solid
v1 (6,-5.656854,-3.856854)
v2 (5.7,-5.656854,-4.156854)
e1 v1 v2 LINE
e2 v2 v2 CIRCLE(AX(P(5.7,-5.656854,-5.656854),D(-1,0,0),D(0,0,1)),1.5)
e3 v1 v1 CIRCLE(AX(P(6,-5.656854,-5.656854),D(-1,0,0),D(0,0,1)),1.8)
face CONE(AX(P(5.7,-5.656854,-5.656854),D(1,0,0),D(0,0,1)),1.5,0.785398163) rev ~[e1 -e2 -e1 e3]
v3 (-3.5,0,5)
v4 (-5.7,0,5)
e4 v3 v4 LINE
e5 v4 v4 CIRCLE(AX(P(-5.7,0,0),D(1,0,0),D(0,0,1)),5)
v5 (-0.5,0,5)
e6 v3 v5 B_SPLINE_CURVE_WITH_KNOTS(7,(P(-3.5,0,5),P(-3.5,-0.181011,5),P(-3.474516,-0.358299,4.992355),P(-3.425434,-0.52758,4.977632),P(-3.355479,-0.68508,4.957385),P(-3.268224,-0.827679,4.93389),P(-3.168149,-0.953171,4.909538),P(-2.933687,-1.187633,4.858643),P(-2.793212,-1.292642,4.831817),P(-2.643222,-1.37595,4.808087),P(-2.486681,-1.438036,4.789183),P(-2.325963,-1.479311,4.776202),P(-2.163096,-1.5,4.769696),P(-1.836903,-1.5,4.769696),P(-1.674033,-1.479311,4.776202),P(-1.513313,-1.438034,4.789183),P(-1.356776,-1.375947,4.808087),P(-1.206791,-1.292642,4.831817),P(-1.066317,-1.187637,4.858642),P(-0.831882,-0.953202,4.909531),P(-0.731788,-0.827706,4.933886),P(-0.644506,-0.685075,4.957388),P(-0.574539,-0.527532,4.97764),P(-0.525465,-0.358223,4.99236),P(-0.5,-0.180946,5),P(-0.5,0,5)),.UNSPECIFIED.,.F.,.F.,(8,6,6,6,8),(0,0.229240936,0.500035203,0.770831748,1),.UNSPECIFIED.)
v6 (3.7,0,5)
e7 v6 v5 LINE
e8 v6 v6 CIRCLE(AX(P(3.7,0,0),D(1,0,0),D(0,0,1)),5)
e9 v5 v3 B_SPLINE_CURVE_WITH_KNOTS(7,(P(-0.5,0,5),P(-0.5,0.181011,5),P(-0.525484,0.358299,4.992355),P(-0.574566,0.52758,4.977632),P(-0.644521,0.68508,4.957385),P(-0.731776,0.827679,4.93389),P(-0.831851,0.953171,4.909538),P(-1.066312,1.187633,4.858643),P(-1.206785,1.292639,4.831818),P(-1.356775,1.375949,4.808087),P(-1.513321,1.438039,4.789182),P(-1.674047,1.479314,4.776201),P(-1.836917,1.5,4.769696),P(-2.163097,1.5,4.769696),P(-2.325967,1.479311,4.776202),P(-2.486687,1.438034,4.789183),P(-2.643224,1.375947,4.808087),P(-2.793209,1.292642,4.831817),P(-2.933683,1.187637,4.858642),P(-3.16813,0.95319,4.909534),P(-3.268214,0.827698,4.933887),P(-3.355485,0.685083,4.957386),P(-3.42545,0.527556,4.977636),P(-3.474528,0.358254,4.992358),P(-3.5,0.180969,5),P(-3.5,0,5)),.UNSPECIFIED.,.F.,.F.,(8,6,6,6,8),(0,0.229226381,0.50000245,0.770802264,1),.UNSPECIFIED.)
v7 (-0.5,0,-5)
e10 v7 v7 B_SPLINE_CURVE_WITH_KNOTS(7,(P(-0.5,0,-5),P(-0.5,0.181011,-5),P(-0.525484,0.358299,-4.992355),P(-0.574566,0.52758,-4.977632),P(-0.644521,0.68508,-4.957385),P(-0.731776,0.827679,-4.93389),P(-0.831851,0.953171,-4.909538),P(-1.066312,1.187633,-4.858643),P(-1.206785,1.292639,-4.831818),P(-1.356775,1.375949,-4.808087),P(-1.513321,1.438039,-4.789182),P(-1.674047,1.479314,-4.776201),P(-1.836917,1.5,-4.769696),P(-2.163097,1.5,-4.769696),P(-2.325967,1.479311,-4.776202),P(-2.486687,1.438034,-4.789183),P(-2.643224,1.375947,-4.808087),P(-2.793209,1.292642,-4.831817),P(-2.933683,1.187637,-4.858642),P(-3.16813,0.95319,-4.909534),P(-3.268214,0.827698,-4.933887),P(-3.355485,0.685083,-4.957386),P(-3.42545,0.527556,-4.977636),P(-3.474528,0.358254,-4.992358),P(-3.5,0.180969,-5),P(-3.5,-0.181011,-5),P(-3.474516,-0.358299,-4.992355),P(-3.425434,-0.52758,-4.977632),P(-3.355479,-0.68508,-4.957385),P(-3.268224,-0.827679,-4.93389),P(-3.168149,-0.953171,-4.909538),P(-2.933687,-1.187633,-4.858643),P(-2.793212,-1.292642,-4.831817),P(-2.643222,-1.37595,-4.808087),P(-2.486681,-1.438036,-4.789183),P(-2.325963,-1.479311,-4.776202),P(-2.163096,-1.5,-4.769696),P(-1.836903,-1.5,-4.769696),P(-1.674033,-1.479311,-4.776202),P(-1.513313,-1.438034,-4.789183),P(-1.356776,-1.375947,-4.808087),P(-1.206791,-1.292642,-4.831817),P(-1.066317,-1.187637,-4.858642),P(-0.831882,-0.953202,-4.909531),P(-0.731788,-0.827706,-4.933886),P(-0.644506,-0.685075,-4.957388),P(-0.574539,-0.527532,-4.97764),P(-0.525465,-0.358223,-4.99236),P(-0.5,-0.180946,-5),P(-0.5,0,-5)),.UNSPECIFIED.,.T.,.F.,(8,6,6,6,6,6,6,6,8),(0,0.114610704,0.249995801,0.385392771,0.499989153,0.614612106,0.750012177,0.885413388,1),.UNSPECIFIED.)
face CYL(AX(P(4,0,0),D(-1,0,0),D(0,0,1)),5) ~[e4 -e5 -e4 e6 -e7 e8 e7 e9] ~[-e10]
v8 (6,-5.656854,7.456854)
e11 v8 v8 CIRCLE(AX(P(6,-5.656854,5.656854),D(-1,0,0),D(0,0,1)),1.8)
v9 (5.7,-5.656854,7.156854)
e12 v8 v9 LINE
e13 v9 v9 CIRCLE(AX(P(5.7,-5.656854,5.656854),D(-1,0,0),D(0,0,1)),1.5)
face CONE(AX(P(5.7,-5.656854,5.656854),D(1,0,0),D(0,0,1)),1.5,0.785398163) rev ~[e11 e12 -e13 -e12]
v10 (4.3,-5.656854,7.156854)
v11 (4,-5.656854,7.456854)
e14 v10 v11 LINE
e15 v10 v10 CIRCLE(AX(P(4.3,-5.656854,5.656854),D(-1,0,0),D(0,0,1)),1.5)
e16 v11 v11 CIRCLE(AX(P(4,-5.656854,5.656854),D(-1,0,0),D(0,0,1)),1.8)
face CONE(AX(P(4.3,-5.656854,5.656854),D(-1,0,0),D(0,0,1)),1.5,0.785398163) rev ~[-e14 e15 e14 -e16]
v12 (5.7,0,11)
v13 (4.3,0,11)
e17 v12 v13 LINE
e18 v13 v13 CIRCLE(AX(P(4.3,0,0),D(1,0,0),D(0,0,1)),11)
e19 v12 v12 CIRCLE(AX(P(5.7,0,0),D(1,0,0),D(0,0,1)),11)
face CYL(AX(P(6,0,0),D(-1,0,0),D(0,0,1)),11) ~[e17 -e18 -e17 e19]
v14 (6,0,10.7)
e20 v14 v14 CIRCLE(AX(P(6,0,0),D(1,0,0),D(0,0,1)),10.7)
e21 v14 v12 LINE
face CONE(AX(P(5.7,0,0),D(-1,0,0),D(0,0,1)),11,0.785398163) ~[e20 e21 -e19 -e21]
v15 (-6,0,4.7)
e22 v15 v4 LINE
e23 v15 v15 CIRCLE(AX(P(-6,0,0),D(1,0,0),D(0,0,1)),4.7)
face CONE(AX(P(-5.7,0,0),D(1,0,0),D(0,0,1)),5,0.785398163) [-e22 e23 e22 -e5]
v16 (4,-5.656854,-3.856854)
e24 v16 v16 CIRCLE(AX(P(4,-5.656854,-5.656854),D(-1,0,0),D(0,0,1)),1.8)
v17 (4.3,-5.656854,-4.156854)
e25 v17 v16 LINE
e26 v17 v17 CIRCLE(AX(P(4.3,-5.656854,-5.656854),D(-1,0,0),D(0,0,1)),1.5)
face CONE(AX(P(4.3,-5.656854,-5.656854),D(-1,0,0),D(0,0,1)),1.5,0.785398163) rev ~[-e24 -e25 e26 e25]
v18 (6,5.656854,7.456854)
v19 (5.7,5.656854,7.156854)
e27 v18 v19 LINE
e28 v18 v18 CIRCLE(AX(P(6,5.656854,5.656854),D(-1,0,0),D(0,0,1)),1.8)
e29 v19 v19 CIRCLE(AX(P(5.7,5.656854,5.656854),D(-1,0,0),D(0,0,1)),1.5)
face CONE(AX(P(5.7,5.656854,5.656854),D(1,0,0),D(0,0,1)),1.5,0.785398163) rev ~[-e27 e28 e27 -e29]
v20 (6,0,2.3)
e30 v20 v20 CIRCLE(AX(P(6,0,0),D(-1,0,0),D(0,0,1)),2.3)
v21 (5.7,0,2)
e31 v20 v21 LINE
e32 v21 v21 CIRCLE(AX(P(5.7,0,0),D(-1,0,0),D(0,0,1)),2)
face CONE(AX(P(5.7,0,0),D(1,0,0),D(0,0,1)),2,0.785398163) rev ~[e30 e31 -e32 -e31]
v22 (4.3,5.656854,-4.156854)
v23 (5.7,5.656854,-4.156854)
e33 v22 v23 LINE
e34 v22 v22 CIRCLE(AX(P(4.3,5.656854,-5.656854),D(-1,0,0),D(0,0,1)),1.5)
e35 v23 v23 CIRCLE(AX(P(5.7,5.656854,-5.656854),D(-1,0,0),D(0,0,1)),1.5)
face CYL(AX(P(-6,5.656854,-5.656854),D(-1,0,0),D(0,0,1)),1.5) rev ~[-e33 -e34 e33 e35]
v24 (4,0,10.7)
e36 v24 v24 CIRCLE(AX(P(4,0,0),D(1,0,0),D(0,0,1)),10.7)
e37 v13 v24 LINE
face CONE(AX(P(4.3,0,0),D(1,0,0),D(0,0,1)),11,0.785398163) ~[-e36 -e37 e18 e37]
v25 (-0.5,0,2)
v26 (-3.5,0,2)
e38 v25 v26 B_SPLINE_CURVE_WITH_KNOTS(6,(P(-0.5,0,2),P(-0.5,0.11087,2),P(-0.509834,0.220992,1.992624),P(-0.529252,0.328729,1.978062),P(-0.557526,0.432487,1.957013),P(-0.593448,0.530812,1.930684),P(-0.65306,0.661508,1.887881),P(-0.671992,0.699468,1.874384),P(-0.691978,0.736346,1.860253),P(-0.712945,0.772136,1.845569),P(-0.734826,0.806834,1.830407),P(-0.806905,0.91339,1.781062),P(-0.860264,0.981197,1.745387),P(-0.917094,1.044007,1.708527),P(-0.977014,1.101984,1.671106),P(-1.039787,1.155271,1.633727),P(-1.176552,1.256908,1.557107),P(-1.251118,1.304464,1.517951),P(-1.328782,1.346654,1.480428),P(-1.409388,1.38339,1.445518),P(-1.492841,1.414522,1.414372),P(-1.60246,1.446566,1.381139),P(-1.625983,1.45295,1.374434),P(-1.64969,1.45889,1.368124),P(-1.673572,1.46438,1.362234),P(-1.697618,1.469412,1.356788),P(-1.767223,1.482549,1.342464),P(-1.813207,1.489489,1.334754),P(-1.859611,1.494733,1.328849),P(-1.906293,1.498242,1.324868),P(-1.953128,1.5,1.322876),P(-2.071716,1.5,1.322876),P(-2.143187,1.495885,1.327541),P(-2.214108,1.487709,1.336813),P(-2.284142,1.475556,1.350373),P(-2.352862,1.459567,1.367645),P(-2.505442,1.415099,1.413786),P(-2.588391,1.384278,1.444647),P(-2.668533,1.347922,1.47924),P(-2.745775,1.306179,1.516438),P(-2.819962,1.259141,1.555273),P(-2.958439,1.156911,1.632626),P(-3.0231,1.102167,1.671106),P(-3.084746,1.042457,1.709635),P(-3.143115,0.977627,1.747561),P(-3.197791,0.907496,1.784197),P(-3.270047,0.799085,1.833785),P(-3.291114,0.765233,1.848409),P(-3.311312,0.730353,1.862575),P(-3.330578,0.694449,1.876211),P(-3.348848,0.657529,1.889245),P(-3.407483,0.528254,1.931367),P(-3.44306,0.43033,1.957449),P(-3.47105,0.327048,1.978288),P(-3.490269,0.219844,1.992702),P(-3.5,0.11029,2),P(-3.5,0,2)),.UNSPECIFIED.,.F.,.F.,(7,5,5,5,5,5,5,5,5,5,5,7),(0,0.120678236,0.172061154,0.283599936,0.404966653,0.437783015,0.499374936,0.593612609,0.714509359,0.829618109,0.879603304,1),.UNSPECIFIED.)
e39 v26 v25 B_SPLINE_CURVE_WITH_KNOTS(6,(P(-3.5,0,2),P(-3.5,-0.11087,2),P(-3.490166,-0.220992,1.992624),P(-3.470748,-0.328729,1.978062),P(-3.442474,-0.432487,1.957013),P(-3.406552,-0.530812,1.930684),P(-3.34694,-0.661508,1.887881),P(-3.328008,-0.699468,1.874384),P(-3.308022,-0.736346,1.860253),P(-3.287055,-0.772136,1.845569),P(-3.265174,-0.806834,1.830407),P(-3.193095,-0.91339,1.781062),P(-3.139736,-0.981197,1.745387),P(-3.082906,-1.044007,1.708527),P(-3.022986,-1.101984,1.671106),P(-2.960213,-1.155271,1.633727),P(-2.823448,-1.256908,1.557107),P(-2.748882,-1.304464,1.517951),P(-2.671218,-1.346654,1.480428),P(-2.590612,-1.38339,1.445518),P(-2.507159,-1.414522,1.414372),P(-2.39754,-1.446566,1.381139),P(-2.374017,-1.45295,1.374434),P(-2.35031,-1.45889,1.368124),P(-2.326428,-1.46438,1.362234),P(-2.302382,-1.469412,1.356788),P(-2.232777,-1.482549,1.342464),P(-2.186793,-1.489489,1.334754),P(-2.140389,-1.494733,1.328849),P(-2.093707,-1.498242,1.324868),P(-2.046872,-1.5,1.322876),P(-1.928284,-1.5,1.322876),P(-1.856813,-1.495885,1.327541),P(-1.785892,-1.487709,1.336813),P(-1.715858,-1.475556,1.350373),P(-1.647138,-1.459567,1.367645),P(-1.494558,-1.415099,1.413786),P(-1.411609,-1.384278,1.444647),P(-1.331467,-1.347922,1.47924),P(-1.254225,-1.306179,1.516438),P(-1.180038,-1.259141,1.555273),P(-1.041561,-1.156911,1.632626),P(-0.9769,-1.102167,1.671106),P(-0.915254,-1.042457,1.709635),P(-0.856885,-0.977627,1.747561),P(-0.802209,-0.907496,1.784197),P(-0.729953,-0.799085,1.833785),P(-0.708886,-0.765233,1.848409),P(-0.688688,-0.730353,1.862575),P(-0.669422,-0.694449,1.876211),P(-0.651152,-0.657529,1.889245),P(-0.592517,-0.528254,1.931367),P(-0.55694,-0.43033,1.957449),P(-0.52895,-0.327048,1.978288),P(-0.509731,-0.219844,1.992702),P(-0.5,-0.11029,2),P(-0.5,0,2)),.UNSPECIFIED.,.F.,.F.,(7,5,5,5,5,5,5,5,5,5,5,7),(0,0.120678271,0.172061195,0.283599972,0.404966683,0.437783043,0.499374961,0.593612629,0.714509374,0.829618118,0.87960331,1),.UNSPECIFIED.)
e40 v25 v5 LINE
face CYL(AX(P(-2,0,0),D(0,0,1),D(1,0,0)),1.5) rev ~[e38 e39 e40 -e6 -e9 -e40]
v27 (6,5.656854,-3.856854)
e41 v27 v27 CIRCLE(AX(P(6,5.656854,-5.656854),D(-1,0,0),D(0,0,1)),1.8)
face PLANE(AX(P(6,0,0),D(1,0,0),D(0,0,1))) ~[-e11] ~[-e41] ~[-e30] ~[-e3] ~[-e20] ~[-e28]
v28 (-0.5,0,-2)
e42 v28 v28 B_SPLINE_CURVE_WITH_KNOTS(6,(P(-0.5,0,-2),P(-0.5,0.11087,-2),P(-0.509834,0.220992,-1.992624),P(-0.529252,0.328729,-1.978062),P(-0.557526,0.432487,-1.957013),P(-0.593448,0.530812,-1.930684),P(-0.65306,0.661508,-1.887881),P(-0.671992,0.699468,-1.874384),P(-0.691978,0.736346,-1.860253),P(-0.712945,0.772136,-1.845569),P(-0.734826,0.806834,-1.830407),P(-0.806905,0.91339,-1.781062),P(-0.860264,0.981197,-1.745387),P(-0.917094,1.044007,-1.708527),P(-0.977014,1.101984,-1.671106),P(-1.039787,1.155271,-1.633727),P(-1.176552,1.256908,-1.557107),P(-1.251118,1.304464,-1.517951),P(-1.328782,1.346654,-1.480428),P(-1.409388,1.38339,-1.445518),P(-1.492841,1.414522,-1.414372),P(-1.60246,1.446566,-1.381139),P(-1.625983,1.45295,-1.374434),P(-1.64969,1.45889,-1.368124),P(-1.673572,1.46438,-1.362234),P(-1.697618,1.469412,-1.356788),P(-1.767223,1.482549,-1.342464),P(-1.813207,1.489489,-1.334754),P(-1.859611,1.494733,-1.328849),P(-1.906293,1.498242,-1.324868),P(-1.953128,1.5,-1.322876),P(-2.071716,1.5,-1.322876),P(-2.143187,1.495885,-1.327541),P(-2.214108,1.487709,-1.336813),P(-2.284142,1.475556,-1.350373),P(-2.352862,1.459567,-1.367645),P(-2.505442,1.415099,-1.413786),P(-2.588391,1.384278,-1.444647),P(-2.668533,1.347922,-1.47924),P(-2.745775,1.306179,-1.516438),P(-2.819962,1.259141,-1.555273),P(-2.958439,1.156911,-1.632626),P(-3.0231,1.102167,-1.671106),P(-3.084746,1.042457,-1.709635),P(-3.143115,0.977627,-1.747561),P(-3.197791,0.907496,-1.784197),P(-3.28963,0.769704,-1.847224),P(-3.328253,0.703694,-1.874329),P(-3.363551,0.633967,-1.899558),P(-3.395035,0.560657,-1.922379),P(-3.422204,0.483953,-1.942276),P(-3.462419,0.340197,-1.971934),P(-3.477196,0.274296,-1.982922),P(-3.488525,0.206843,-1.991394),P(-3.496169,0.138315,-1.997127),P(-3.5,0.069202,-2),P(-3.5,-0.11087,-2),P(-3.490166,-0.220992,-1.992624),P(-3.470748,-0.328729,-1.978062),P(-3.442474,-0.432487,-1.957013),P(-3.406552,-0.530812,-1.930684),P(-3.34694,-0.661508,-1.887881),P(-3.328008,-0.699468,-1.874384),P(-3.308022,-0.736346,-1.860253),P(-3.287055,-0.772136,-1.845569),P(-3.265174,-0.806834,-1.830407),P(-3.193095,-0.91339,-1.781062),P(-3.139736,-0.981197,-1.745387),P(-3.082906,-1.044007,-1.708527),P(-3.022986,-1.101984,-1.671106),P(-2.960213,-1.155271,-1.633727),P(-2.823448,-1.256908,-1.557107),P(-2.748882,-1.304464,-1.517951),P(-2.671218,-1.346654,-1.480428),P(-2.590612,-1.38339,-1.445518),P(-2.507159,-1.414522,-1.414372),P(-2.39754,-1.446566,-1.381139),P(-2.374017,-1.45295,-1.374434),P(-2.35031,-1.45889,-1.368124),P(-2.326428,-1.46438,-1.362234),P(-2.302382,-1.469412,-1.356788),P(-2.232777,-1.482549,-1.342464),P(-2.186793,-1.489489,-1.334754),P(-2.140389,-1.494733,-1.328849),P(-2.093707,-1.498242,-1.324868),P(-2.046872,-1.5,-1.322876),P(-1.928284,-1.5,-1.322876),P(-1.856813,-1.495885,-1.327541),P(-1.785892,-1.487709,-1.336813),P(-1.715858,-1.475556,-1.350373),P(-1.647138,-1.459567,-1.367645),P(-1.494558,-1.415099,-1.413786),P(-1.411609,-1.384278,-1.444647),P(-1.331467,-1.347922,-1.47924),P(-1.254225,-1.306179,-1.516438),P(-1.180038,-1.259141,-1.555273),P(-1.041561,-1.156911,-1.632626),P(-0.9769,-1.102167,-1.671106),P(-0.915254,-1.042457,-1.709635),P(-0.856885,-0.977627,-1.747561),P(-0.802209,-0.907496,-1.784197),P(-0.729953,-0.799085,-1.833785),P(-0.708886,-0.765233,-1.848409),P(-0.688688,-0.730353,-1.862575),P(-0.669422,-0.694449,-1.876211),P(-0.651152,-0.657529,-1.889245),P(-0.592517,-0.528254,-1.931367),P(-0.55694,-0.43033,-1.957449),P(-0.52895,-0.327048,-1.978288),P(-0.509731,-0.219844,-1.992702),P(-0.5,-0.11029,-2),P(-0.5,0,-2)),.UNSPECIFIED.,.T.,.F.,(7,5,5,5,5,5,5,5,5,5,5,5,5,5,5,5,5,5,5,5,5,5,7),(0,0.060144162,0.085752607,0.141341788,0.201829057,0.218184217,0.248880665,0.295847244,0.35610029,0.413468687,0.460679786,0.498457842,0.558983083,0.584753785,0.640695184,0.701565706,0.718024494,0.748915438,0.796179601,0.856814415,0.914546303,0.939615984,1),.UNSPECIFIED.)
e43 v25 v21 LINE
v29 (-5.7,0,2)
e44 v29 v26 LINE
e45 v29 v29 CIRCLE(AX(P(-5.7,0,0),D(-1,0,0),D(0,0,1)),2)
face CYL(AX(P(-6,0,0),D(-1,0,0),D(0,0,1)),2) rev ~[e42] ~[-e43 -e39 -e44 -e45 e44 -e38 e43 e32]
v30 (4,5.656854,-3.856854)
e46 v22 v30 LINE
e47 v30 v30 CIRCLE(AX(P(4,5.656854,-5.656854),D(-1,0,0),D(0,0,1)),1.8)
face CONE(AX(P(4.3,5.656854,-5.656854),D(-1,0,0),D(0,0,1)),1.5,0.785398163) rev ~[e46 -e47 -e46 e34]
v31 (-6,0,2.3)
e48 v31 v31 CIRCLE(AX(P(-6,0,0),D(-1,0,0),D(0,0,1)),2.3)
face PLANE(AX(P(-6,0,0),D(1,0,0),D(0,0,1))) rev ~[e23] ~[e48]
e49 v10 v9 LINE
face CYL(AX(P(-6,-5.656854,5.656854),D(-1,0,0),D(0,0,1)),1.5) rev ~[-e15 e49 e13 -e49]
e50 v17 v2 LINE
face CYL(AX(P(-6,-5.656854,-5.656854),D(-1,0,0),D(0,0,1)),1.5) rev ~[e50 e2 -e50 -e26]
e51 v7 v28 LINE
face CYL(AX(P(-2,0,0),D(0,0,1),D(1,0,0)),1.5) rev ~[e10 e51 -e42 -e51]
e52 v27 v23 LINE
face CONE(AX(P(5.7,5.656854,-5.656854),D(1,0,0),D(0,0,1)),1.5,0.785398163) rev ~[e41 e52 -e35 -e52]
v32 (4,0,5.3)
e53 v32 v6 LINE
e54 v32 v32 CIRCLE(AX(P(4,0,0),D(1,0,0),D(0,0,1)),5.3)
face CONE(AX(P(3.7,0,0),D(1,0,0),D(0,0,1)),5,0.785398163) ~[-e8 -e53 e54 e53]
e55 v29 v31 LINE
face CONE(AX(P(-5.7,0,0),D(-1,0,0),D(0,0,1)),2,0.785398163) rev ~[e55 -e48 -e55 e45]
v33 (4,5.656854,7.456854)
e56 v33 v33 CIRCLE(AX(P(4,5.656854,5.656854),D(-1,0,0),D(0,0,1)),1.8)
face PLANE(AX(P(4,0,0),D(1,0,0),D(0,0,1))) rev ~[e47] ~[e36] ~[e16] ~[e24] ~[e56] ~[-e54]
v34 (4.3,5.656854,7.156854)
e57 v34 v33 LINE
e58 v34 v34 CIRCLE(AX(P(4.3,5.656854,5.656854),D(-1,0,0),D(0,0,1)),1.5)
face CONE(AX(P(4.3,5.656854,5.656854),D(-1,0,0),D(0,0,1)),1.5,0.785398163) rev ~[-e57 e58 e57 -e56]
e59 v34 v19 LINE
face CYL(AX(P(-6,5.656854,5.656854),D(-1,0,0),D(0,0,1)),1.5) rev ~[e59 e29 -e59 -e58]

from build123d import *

# Parameters (mm, degrees)
SKETCH2_R          = 2
SKETCH2_R_2        = 1.5
CUT_EXTRUDE1_DEPTH = 12
CHAMFER1_SIZE      = 0.3
SKETCH3_R          = 1.5
CUT_EXTRUDE2_DEPTH = 6


with BuildPart() as part:
    # Sketch1 → Revolve1 (revolve)
    with BuildSketch(Plane.XY, mode=Mode.PRIVATE) as revolve1_sk:
        Polygon((-6, 0), (6, 0), (6, 11), (4, 11), (4, 5), (-6, 5), align=None)
    revolve(revolve1_sk.sketch.rotate(Axis((-6, 0, 0), (1, 0, 0)), 90), axis=Axis((-6, 0, 0), (1, 0, 0)))

    # Sketch2 → Cut-Extrude1 (cut)
    with BuildSketch(Plane.ZY.offset(6)):
        Circle(SKETCH2_R)
        with Locations((-5.656854249, 5.656854249)):
            Circle(SKETCH2_R_2)
        with Locations((5.656854249, 5.656854249)):
            Circle(SKETCH2_R_2)
        with Locations((5.656854249, -5.656854249)):
            Circle(SKETCH2_R_2)
        with Locations((-5.656854249, -5.656854249)):
            Circle(SKETCH2_R_2)
    extrude(amount=-CUT_EXTRUDE1_DEPTH, mode=Mode.SUBTRACT)

    # Chamfer1
    chamfer1_edges = [part.edges().sort_by_distance(p)[0] for p in [
        (6, -5.656854249, -7.156854249),
        (4, -5.656854249, -7.156854249),
        (6, -5.656854249, 4.156854249),
        (4, -5.656854249, 4.156854249),
        (6, 5.656854249, 4.156854249),
        (4, 5.656854249, 4.156854249),
        (6, 5.656854249, -7.156854249),
        (4, 5.656854249, -7.156854249),
        (6, 0, -2),
        (-6, 0, -2),
        (4, 0, -5),
        (4, 0, -11),
        (6, 0, -11),
        (-6, 0, -5),
    ]]
    chamfer(chamfer1_edges, length=CHAMFER1_SIZE)

    # Sketch3 → Cut-Extrude2 (cut, symmetric)
    with BuildSketch(Plane.XY):
        with Locations((-2, 0)):
            Circle(SKETCH3_R)
    extrude(amount=CUT_EXTRUDE2_DEPTH, both=True, mode=Mode.SUBTRACT)


solid = part.part
